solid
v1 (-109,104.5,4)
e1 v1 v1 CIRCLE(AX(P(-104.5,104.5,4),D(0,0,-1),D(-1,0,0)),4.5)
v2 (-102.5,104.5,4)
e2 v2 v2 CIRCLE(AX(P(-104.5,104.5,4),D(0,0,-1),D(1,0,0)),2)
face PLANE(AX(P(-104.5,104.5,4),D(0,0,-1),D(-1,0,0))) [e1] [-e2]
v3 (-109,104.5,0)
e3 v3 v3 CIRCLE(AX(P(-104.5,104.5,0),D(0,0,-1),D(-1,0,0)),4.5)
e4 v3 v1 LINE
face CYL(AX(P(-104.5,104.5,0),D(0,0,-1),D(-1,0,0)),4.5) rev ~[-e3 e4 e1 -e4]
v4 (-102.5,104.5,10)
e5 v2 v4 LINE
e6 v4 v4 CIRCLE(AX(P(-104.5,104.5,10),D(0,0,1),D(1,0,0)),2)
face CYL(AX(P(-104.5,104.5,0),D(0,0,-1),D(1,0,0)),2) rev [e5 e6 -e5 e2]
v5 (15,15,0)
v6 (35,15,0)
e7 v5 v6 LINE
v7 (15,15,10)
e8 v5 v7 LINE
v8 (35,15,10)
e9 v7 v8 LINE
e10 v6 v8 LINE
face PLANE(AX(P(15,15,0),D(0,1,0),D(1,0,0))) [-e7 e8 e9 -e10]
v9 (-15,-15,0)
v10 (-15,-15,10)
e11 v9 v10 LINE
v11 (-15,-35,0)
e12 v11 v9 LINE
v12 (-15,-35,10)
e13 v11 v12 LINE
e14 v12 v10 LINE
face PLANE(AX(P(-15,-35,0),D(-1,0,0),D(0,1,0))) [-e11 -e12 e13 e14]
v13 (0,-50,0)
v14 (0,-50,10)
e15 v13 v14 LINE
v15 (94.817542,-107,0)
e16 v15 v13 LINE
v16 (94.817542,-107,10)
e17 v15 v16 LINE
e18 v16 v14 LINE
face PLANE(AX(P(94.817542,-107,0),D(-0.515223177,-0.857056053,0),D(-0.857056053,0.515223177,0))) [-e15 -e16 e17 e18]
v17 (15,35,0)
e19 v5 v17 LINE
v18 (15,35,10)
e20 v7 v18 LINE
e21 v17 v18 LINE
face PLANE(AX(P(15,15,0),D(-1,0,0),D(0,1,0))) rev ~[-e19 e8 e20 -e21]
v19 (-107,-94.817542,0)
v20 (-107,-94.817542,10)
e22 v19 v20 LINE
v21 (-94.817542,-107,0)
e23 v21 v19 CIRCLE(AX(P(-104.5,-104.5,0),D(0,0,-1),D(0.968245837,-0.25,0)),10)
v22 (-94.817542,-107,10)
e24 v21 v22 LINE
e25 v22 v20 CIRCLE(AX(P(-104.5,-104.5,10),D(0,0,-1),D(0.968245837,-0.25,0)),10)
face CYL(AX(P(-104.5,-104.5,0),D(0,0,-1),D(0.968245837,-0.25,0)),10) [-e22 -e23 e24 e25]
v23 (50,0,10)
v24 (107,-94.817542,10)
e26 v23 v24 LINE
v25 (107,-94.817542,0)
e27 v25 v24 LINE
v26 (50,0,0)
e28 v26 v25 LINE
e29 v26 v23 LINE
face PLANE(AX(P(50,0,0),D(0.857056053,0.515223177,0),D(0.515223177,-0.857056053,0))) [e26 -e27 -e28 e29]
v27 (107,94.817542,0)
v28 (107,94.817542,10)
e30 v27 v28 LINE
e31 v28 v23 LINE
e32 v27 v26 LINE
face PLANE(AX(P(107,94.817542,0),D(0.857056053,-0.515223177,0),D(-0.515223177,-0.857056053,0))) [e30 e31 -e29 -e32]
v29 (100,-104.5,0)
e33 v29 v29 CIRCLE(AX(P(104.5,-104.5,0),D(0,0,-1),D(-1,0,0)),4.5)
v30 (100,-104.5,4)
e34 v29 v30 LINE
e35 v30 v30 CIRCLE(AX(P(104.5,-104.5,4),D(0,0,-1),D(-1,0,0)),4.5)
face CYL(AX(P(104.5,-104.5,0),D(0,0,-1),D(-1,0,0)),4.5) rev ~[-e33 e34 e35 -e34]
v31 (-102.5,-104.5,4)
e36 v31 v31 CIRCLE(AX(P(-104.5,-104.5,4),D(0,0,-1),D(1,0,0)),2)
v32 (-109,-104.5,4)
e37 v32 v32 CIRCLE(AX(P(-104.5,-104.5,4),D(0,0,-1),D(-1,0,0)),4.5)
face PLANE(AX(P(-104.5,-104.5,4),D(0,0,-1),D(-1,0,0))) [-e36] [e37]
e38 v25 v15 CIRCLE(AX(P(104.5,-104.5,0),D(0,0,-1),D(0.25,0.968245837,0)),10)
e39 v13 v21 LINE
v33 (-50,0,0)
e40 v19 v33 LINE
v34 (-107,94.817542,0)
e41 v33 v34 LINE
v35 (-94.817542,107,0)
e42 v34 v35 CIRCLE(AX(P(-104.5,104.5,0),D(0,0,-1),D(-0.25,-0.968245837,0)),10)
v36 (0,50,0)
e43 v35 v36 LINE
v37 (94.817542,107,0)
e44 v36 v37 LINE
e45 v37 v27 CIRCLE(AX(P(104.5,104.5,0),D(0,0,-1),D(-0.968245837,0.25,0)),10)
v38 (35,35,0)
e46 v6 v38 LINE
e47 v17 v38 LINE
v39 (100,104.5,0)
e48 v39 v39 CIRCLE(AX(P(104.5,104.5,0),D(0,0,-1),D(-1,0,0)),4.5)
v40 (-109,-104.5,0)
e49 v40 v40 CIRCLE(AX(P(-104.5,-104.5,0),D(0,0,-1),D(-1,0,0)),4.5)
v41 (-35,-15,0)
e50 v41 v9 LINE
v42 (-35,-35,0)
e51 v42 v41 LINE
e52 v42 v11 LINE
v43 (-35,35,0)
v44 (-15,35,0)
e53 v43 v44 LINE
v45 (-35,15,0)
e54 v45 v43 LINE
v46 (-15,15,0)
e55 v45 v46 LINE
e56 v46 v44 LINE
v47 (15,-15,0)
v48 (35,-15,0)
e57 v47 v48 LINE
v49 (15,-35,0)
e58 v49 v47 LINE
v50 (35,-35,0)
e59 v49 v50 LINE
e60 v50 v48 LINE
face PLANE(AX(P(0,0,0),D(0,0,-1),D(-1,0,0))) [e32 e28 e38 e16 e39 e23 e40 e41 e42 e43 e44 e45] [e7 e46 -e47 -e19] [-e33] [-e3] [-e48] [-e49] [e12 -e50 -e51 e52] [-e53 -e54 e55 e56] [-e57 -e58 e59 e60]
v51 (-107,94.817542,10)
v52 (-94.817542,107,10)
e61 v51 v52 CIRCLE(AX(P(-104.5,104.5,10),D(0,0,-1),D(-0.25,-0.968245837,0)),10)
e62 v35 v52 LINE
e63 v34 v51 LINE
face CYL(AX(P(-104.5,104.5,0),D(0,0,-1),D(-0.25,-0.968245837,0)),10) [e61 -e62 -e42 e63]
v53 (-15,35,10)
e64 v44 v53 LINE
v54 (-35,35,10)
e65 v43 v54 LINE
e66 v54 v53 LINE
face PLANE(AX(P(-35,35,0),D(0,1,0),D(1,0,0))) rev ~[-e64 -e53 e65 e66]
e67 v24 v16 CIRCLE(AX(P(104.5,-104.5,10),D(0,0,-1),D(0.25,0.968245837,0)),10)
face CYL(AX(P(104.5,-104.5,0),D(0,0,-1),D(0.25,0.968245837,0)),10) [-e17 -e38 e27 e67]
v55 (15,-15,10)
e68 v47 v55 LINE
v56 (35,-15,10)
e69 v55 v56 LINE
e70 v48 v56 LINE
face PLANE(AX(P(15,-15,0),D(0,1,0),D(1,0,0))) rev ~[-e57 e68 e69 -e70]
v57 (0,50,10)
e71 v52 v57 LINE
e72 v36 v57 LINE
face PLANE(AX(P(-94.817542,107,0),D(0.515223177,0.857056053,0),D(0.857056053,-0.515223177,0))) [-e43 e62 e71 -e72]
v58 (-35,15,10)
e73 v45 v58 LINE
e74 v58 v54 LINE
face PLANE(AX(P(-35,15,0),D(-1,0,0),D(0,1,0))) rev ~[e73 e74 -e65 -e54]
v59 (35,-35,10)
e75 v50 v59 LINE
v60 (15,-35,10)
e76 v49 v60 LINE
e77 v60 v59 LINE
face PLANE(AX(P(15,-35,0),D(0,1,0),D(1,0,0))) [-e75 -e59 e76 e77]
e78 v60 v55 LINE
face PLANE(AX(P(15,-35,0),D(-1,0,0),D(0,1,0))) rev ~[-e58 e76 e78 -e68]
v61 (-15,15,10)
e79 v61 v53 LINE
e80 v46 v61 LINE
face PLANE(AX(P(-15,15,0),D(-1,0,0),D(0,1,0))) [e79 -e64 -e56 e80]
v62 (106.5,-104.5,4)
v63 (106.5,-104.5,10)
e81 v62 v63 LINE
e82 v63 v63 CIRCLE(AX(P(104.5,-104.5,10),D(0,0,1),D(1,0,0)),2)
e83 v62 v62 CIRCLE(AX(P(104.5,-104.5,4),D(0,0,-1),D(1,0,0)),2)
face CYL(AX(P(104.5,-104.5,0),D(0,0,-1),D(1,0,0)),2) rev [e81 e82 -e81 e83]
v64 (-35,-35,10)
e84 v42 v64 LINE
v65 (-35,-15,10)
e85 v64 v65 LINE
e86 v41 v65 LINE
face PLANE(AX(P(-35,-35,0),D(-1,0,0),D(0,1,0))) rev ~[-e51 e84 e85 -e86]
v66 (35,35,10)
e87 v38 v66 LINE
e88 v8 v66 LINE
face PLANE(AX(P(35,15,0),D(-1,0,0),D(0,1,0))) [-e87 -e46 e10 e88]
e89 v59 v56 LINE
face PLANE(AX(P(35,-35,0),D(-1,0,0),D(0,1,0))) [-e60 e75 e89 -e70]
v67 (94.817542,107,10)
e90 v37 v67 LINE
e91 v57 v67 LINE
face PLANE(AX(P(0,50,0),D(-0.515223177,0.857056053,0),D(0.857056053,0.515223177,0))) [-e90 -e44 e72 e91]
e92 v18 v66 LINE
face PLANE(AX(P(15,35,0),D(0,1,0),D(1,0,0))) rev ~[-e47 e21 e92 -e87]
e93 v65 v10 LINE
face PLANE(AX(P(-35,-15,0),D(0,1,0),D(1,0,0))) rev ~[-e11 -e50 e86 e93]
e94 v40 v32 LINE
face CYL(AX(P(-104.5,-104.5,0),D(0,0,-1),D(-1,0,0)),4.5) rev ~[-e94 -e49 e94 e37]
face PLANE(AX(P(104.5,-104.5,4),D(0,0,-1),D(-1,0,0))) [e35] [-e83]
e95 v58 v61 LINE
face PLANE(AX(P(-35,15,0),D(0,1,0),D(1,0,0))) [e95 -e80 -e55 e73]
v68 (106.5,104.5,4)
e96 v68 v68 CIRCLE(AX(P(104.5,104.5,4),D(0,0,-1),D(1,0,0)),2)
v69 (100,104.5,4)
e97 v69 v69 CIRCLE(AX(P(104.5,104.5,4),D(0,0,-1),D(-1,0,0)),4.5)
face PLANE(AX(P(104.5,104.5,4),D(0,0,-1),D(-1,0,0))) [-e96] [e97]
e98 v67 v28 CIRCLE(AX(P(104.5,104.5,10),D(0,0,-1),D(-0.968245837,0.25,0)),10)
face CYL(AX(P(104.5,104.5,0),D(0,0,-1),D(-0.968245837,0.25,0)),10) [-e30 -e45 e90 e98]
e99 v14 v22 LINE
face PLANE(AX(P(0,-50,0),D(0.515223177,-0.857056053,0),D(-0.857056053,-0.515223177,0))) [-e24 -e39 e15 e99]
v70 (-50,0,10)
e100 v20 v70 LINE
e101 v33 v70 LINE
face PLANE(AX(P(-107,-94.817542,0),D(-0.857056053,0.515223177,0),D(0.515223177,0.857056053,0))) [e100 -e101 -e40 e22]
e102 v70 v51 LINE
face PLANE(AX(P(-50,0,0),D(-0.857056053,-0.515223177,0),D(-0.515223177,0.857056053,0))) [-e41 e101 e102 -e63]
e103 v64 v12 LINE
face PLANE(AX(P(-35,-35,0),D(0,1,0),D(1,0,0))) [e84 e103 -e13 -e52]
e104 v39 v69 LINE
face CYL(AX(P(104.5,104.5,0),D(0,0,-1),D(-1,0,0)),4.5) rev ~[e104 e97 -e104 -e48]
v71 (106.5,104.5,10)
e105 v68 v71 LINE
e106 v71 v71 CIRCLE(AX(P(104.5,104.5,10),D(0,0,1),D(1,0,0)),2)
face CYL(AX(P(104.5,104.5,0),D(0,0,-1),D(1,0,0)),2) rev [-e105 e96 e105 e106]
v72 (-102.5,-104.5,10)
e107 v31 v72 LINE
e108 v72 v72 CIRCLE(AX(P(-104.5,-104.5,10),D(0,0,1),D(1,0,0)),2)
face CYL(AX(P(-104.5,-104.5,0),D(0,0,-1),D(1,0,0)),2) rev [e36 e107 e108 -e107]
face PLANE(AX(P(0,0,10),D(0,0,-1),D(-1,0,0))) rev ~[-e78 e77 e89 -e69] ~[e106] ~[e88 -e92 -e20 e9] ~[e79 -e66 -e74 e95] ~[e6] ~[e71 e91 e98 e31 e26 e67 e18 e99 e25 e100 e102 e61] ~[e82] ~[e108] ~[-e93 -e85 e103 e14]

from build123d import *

# Parameters (mm, degrees)
ESBO_O1_R                = 2
ESBO_O1_W                = 20
ESBO_O1_H                = 20
RESSALTO_EXTRUS_O1_DEPTH = 10
ESBO_O3_R                = 4.5
CORTE_EXTRUS_O1_DEPTH    = 4


with BuildPart() as part:
    # Esboço1 → Ressalto-extrusão1 (new body)
    with BuildSketch(Plane.XY):
        with BuildLine():
            Line((107, 94.817541634), (50, 0))
            Line((50, 0), (107, -94.817541634))
            ThreePointArc((107, -94.817541634), (111.571067812, -111.571067812), (94.817541634, -107))
            Line((94.817541634, -107), (0, -50))
            Line((0, -50), (-94.817541634, -107))
            ThreePointArc((-94.817541634, -107), (-111.571067812, -111.571067812), (-107, -94.817541634))
            Line((-107, -94.817541634), (-50, 0))
            Line((-50, 0), (-107, 94.817541634))
            ThreePointArc((-107, 94.817541634), (-111.571067812, 111.571067812), (-94.817541634, 107))
            Line((-94.817541634, 107), (0, 50))
            Line((0, 50), (94.817541634, 107))
            ThreePointArc((94.817541634, 107), (111.571067812, 111.571067812), (107, 94.817541634))
        make_face()
        with Locations((-104.5, 104.5)):
            Circle(ESBO_O1_R, mode=Mode.SUBTRACT)
        with Locations((104.5, 104.5)):
            Circle(ESBO_O1_R, mode=Mode.SUBTRACT)
        with Locations((104.5, -104.5)):
            Circle(ESBO_O1_R, mode=Mode.SUBTRACT)
        with Locations((-104.5, -104.5)):
            Circle(ESBO_O1_R, mode=Mode.SUBTRACT)
        with Locations((25, -25)):
            Rectangle(ESBO_O1_W, ESBO_O1_H, mode=Mode.SUBTRACT)
        with Locations((25, 25)):
            Rectangle(ESBO_O1_W, ESBO_O1_H, mode=Mode.SUBTRACT)
        with Locations((-25, 25)):
            Rectangle(ESBO_O1_W, ESBO_O1_H, mode=Mode.SUBTRACT)
        with Locations((-25, -25)):
            Rectangle(ESBO_O1_W, ESBO_O1_H, mode=Mode.SUBTRACT)
    extrude(amount=RESSALTO_EXTRUS_O1_DEPTH)

    # Esboço3 → Corte-extrusão1 (cut)
    with BuildSketch(Plane(origin=(0, 0, 0), x_dir=(-1, 0, 0), z_dir=(0, 0, -1))):
        with Locations((-104.5, 104.5)):
            Circle(ESBO_O3_R)
        with Locations((104.5, 104.5)):
            Circle(ESBO_O3_R)
        with Locations((104.5, -104.5)):
            Circle(ESBO_O3_R)
        with Locations((-104.5, -104.5)):
            Circle(ESBO_O3_R)
    extrude(amount=-CORTE_EXTRUS_O1_DEPTH, mode=Mode.SUBTRACT)


solid = part.part
